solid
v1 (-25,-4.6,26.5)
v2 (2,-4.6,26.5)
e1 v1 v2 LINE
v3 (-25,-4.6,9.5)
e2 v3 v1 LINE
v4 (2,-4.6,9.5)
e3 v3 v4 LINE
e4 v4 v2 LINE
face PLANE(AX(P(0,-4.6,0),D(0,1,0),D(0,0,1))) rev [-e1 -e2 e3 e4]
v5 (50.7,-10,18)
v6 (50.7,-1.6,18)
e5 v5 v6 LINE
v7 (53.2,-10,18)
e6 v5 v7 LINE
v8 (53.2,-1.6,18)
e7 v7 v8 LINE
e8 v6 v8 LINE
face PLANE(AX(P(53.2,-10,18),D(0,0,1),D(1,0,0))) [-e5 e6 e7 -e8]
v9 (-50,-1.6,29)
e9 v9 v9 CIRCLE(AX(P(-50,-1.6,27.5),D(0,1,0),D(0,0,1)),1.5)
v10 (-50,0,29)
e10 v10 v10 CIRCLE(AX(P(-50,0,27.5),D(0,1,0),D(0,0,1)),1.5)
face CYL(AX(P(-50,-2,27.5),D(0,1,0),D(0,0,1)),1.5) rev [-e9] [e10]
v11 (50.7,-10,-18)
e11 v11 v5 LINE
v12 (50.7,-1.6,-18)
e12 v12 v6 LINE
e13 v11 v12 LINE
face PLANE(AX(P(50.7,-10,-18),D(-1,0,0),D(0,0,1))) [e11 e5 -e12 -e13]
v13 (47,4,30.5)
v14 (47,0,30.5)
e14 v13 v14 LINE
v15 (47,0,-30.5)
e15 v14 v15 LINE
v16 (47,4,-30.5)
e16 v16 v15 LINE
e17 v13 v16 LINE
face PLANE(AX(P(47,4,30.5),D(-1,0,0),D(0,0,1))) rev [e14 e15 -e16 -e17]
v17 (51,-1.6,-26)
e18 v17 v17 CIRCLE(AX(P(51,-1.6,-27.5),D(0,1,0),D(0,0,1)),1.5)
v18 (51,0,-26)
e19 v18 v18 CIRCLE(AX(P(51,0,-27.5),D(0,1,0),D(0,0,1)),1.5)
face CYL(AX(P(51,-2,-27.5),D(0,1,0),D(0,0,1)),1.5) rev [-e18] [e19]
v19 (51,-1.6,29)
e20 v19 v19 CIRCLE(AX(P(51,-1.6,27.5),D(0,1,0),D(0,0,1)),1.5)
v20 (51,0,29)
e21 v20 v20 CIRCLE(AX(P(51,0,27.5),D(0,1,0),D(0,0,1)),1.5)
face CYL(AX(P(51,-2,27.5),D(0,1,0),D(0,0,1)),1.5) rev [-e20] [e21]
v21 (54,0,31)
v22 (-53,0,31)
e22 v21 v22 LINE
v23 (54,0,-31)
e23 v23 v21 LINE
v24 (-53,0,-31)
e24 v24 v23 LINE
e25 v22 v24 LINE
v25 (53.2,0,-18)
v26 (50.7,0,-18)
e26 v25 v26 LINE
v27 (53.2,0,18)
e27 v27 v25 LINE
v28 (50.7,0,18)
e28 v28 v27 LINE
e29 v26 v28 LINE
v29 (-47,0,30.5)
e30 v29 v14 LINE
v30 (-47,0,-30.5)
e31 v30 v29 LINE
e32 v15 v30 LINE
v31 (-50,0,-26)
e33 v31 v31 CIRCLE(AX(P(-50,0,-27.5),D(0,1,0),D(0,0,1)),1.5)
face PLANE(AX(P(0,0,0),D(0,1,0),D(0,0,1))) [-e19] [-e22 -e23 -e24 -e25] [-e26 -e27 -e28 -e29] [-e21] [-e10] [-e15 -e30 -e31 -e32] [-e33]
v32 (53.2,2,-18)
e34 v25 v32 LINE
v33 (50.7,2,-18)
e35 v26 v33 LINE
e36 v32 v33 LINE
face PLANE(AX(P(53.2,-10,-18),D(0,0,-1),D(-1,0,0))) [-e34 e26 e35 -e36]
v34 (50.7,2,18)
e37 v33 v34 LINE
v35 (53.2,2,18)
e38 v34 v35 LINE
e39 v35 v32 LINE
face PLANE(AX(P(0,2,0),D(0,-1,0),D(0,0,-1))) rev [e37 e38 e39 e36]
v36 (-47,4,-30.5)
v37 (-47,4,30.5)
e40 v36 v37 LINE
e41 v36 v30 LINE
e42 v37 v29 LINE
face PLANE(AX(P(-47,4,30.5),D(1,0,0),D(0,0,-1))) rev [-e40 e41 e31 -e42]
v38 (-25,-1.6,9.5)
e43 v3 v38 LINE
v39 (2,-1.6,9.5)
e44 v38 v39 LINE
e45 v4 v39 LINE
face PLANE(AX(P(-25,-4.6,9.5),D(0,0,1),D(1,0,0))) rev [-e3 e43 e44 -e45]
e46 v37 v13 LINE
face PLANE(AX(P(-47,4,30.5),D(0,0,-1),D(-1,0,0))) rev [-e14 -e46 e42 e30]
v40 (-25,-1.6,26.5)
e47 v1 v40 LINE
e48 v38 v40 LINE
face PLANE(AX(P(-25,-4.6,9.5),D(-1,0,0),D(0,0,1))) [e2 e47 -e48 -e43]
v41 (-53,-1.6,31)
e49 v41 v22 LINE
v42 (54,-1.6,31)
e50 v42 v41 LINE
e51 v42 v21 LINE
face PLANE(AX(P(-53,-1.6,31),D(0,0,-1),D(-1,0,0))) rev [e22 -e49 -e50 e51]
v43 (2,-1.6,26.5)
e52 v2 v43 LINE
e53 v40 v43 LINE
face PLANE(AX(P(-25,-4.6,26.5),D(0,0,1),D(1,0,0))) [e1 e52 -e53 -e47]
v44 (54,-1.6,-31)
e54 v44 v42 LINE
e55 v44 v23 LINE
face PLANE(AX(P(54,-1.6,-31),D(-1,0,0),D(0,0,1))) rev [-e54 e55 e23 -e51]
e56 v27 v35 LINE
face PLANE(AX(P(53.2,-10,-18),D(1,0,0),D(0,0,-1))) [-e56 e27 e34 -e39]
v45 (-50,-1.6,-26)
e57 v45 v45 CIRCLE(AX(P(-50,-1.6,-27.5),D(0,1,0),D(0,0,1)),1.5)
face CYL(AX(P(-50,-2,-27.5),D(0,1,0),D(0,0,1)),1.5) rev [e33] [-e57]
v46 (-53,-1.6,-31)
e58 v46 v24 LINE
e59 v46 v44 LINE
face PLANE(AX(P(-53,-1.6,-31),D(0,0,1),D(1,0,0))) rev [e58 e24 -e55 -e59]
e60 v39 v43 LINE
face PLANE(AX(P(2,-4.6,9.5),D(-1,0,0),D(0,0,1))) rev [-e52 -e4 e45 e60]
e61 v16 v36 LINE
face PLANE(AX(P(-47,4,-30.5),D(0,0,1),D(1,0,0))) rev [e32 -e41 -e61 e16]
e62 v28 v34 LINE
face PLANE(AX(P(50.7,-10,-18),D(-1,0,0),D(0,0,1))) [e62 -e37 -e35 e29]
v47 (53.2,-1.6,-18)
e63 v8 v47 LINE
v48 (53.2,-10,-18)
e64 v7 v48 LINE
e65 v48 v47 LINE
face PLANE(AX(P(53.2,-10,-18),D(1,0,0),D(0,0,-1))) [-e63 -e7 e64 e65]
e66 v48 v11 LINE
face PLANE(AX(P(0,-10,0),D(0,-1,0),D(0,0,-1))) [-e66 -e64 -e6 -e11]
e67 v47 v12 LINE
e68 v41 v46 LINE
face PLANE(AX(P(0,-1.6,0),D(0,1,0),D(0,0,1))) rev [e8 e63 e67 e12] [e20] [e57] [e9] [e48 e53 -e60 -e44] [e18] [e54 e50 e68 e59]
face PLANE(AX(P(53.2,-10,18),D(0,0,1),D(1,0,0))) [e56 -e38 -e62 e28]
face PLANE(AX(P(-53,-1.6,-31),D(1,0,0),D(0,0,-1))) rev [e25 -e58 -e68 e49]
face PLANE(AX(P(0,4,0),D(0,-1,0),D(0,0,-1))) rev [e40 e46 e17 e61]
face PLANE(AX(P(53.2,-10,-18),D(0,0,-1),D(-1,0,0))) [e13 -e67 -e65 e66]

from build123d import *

# Parameters (mm, degrees)
SCHIZZO1_W                        = 94
SCHIZZO1_H                        = 61
ESTRUSIONE_ESTRUSIONE1_DEPTH      = 4
SCHIZZO2_W                        = 107
SCHIZZO2_H                        = 62
ESTRUSIONE_ESTRUSIONE2_DEPTH      = 1.6
ESTRUSIONE_ESTRUSIONE3_DEPTH      = 2
ESTRUSIONE_ESTRUSIONE3_DEPTH_BACK = 10
SCHIZZO4_W                        = 2.5
SCHIZZO4_H                        = 36
SCHIZZO6_R                        = 1.5
TAGLIO_ESTRUSIONE1_DEPTH          = 2
SCHIZZO7_W                        = 27
SCHIZZO7_H                        = 17
ESTRUSIONE_ESTRUSIONE4_DEPTH      = 3


with BuildPart() as part:
    # Schizzo1 → Estrusione-Estrusione1 (new body)
    with BuildSketch(Plane(origin=(0, 0, 0), x_dir=(1, 0, 0), z_dir=(0, 1, 0))):
        Rectangle(SCHIZZO1_W, SCHIZZO1_H)
    extrude(amount=ESTRUSIONE_ESTRUSIONE1_DEPTH)

    # Schizzo2 → Estrusione-Estrusione2 (add)
    with BuildSketch(Plane.XZ):
        with Locations((0.5, 0)):
            Rectangle(SCHIZZO2_W, SCHIZZO2_H)
    extrude(amount=ESTRUSIONE_ESTRUSIONE2_DEPTH)

    # Schizzo4 → Estrusione-Estrusione3 (add, two sides: drawn at the far end of the back side and taken through both)
    with BuildSketch(Plane(origin=(0, 0, 0), x_dir=(1, 0, 0), z_dir=(0, 1, 0)).offset(-ESTRUSIONE_ESTRUSIONE3_DEPTH_BACK)):
        with Locations((51.95, 0)):
            Rectangle(SCHIZZO4_W, SCHIZZO4_H)
    extrude(amount=ESTRUSIONE_ESTRUSIONE3_DEPTH + ESTRUSIONE_ESTRUSIONE3_DEPTH_BACK)

    # Schizzo6 → Taglio-Estrusione1 (cut)
    with BuildSketch(Plane(origin=(0, 0, 0), x_dir=(1, 0, 0), z_dir=(0, 1, 0))):
        with Locations(Location((-50, 27.5, 0), (0, 0, 270))):
            Circle(SCHIZZO6_R)
        with Locations(Location((-50, -27.5, 0), (0, 0, 270))):
            Circle(SCHIZZO6_R)
        with Locations(Location((51, 27.5, 0), (0, 0, 270))):
            Circle(SCHIZZO6_R)
        with Locations(Location((51, -27.5, 0), (0, 0, 270))):
            Circle(SCHIZZO6_R)
    extrude(amount=-TAGLIO_ESTRUSIONE1_DEPTH, mode=Mode.SUBTRACT)

    # Schizzo7 → Estrusione-Estrusione4 (add)
    with BuildSketch(Plane.XZ.offset(1.6)):
        with Locations((-11.5, 18)):
            Rectangle(SCHIZZO7_W, SCHIZZO7_H)
    extrude(amount=ESTRUSIONE_ESTRUSIONE4_DEPTH)


solid = part.part
